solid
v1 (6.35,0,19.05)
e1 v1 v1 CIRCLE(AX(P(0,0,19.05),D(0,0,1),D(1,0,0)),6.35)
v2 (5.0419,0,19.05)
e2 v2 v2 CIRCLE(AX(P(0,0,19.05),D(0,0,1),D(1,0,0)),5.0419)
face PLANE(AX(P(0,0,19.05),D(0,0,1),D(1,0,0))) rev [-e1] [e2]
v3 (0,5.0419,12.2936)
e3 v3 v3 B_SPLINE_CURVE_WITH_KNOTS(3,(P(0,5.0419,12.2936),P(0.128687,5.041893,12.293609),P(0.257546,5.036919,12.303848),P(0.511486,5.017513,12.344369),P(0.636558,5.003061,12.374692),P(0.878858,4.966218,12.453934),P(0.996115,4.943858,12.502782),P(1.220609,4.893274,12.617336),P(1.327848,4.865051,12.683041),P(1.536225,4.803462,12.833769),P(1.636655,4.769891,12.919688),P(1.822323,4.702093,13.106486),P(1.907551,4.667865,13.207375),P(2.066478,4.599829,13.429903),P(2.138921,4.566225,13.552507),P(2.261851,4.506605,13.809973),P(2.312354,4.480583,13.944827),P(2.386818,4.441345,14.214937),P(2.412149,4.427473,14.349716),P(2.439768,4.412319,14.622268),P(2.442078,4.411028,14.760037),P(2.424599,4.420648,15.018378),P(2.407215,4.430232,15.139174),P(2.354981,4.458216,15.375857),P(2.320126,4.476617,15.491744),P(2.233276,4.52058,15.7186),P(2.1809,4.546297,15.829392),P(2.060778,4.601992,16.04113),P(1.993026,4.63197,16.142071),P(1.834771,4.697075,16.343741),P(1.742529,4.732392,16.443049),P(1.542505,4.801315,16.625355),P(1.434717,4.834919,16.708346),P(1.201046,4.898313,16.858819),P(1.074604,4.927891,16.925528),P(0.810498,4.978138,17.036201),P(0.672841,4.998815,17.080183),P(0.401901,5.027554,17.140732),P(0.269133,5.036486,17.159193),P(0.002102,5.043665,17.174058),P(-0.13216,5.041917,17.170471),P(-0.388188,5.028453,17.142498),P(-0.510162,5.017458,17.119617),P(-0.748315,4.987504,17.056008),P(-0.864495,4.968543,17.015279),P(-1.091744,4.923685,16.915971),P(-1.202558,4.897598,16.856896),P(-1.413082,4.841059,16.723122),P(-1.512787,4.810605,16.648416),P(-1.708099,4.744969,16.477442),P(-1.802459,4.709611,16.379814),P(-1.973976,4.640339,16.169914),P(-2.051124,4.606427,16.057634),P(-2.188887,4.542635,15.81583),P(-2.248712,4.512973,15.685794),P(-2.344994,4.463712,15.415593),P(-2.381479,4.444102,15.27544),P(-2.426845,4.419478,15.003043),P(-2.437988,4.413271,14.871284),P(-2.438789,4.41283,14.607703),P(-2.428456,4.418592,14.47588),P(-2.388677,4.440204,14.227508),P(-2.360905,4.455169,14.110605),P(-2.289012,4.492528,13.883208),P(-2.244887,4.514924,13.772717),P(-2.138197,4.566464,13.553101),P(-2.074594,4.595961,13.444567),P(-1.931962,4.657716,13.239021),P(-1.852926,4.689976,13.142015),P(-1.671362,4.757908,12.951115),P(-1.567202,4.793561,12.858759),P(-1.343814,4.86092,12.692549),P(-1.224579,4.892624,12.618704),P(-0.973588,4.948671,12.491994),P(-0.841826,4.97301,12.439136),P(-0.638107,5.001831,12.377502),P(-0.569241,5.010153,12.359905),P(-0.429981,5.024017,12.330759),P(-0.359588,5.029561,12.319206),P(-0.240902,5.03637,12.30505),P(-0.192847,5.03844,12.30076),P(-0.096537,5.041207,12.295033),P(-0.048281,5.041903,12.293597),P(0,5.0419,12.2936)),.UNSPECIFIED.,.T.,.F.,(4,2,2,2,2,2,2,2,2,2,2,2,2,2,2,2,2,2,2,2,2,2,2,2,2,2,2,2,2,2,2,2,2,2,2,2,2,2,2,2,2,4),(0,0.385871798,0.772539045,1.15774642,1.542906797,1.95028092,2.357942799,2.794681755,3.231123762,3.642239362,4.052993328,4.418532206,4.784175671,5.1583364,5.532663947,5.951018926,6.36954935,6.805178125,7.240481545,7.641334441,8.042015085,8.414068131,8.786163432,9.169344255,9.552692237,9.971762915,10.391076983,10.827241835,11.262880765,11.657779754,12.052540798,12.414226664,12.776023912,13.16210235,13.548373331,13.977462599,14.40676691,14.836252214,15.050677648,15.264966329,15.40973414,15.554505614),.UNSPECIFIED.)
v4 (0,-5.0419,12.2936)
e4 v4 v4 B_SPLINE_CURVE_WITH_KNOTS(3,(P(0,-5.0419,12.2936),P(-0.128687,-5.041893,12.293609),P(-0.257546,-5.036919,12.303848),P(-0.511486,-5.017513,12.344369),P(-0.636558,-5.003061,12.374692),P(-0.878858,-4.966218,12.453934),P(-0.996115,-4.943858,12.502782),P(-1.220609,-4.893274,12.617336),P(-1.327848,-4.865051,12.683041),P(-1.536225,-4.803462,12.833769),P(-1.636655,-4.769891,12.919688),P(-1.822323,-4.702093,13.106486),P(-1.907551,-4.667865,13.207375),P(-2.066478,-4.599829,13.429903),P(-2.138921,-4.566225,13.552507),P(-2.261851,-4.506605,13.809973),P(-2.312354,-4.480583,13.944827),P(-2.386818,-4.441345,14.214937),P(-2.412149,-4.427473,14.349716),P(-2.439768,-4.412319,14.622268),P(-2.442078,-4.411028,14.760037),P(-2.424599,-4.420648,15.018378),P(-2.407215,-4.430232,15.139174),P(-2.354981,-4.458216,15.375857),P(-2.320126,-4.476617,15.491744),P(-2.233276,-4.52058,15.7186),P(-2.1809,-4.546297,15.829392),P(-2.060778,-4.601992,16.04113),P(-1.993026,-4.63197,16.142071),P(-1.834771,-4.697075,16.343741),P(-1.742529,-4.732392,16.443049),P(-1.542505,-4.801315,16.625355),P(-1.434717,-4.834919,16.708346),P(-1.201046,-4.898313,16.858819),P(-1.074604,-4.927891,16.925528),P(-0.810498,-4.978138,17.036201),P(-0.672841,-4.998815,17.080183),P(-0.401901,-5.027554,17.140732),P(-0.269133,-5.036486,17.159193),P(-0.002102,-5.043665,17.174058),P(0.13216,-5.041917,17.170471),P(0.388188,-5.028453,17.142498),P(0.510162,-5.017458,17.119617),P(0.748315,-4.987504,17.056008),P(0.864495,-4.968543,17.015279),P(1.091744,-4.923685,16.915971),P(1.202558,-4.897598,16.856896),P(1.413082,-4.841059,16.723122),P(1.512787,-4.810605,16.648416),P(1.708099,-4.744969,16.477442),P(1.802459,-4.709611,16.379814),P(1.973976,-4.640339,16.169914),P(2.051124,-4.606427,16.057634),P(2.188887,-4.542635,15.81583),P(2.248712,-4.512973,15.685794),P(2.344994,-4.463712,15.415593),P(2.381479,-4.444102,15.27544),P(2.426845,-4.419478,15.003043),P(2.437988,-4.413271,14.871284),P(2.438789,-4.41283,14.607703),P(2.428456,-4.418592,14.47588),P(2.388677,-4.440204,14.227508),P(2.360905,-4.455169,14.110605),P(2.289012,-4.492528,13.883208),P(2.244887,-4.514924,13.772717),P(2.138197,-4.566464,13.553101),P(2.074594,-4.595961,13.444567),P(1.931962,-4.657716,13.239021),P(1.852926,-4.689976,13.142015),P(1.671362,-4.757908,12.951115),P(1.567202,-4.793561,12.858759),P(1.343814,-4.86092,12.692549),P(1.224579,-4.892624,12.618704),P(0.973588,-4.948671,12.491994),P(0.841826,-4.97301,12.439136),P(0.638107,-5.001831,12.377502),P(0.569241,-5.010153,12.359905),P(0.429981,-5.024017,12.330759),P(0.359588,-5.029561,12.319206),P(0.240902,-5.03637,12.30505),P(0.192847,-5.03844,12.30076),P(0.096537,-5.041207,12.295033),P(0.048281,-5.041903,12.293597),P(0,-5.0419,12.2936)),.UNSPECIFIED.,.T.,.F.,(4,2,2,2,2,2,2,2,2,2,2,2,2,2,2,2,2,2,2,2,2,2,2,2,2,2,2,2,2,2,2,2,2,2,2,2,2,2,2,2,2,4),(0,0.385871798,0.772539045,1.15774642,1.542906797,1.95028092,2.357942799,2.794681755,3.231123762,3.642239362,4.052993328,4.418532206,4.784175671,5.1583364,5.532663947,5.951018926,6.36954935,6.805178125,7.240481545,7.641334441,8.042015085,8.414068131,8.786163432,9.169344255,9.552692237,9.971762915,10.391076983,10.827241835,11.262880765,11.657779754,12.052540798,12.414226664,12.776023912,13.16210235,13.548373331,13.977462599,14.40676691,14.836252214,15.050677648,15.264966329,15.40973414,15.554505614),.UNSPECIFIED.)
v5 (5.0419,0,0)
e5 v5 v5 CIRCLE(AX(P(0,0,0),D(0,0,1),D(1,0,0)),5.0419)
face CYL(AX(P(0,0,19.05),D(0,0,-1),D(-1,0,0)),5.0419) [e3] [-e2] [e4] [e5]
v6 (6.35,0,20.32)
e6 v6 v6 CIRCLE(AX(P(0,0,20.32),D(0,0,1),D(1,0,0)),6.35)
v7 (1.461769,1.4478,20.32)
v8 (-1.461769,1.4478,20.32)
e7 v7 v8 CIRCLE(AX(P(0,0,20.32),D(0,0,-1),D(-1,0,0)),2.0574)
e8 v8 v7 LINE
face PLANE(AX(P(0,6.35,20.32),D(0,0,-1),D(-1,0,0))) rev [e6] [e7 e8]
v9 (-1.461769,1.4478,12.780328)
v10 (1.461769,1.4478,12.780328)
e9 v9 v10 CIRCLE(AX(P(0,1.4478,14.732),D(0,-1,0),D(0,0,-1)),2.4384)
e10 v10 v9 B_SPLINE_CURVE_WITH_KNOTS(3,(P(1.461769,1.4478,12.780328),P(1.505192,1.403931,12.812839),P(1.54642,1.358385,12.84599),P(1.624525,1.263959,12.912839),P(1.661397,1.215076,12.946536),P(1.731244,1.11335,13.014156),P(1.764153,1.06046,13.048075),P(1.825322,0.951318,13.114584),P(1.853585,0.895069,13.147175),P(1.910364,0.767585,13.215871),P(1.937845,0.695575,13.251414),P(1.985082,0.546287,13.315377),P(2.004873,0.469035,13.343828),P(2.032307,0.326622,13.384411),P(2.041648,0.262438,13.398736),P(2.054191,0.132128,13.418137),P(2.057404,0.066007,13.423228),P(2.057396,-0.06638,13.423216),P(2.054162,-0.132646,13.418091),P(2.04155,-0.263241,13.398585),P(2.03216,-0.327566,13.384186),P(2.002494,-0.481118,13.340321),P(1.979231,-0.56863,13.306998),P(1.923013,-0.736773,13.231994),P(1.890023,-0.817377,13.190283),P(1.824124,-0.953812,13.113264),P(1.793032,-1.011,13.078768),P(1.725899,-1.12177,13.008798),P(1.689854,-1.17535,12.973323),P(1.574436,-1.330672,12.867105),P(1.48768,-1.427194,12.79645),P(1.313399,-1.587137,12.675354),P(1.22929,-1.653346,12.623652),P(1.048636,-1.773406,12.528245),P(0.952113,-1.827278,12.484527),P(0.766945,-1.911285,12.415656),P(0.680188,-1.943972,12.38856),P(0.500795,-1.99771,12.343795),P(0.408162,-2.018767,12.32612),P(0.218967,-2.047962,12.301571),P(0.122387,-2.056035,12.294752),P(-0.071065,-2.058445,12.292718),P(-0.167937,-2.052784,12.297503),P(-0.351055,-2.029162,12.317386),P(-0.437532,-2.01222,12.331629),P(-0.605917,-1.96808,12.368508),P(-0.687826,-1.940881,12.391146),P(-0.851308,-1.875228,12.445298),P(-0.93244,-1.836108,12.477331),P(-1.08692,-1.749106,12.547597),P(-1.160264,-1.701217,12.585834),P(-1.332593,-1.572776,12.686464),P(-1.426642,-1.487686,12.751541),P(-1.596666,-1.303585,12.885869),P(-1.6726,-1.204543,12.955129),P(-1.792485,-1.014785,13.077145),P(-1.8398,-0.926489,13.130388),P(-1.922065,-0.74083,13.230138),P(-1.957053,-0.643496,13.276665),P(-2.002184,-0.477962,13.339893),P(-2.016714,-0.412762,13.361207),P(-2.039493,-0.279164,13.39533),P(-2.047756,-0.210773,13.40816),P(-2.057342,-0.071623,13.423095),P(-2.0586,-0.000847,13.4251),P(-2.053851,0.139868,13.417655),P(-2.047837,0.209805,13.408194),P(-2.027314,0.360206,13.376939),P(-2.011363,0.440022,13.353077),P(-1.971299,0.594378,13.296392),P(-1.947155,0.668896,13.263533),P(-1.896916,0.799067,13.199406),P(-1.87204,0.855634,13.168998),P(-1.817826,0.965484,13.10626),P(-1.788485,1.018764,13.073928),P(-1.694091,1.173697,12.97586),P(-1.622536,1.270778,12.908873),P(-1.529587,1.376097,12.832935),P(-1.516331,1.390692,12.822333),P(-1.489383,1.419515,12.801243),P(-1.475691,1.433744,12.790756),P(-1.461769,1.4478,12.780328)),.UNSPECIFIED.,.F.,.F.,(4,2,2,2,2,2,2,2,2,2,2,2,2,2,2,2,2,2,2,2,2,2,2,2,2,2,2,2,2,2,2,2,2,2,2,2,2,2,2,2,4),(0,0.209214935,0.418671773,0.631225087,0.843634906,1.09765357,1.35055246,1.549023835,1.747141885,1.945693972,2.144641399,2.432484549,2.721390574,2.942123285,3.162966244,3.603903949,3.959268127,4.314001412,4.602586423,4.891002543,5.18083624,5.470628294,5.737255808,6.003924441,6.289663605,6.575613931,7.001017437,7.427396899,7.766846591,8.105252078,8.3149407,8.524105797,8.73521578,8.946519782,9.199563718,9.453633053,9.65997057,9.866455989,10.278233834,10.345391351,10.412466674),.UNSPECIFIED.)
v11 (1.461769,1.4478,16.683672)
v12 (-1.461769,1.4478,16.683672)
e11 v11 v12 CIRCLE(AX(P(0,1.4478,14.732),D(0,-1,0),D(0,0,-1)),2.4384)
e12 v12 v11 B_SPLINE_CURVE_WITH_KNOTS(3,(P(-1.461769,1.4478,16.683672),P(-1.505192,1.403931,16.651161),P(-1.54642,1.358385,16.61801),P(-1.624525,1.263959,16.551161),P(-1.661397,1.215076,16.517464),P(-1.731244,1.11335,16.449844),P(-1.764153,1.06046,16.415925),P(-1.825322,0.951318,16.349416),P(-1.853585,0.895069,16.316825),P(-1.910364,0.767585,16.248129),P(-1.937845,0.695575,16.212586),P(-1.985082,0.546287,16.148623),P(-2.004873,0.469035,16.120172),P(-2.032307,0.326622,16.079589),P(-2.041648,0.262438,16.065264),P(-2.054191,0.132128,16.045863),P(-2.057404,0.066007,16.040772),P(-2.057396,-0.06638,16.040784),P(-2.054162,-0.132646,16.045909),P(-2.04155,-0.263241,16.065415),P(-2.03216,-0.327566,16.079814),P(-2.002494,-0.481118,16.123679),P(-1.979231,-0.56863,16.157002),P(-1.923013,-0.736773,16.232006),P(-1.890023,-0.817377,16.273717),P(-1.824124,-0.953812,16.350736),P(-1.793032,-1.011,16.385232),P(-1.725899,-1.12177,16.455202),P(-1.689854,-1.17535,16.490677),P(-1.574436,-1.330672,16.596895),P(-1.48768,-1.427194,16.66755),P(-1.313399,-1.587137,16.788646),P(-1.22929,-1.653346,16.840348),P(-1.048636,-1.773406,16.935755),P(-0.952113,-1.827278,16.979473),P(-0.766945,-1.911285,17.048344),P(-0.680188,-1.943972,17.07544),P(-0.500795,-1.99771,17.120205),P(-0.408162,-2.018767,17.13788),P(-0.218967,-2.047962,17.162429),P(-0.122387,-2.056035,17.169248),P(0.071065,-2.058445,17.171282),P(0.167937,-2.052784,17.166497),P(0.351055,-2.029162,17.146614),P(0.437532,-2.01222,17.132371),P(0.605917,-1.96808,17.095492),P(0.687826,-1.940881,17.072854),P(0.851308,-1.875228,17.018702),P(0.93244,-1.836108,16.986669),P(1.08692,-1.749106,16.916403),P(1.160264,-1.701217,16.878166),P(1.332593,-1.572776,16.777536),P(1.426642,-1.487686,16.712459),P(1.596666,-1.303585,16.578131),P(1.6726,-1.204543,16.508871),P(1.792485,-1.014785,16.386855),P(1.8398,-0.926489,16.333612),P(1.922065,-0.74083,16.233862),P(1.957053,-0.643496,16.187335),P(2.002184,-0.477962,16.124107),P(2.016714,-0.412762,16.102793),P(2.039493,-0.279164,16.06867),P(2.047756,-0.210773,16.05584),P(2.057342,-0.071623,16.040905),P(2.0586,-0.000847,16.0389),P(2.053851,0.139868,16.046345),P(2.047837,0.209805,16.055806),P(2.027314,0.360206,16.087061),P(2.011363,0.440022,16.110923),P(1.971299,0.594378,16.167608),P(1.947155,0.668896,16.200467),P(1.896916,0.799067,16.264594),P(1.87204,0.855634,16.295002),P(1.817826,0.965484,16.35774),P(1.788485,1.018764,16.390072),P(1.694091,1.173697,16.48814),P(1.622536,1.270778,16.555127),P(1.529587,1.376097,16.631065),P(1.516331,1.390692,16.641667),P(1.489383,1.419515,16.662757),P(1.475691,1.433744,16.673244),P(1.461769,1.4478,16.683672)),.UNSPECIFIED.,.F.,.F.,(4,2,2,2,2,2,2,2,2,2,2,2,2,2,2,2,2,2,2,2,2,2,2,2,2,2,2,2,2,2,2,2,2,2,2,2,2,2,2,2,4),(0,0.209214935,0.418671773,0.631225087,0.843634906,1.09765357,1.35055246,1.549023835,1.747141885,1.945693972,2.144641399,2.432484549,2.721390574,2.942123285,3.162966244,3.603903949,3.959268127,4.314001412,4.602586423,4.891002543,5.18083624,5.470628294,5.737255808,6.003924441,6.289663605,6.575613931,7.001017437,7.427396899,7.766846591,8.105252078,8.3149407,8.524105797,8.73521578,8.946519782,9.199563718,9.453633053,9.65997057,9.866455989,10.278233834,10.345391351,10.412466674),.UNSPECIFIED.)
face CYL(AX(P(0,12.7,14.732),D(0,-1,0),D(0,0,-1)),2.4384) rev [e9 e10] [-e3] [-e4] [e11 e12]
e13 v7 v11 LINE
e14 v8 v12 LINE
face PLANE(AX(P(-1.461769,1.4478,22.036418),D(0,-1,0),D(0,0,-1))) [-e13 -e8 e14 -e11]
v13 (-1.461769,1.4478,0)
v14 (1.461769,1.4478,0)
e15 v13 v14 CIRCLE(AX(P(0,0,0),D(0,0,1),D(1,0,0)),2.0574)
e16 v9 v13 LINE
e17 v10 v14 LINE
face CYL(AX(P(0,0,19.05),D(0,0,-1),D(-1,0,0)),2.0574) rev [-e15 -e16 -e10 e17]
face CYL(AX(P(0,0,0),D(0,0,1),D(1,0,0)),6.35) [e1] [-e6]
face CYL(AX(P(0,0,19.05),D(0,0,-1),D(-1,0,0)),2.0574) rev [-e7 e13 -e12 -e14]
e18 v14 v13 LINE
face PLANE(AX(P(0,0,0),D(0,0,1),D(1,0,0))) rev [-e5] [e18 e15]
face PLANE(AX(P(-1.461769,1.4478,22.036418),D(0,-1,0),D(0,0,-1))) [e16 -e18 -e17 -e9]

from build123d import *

# Parameters (mm, degrees)
SKETCH2_R           = 5.0419
SKETCH2_R_2         = 2.0574
BOSS_EXTRUDE1_DEPTH = 19.05
BOSS_EXTRUDE2_DEPTH = 19.05
SKETCH3_R           = 2.4384
CUT_EXTRUDE1_DEPTH  = 12.7
SKETCH4_W           = 1.27
SKETCH4_H           = 6.35
CUT_EXTRUDE2_DEPTH  = 22.060567509


with BuildPart() as part:
    # Sketch2 → Boss-Extrude1 (new body)
    with BuildSketch(Plane.XY):
        with Locations(Location((0, 0, 0), (0, 0, 180))):
            Circle(SKETCH2_R)
        with Locations(Location((0, 0, 0), (0, 0, 180))):
            Circle(SKETCH2_R_2, mode=Mode.SUBTRACT)
    extrude(amount=BOSS_EXTRUDE1_DEPTH)

    # Sketch6 → Boss-Extrude2 (add)
    with BuildSketch(Plane(origin=(0, 0, 0), x_dir=(-1, 0, 0), z_dir=(0, 0, -1))):
        with BuildLine():
            Line((1.461769448, 1.4478), (-1.461769448, 1.4478))
            ThreePointArc((-1.461769448, 1.4478), (0, 2.0574), (1.461769448, 1.4478))
        make_face()
    extrude(amount=-BOSS_EXTRUDE2_DEPTH)

    # Sketch3 → Cut-Extrude1 (cut, symmetric)
    with BuildSketch(Plane.XZ):
        with Locations(Location((0, 14.732, 0), (0, 0, 270))):
            Circle(SKETCH3_R)
    extrude(amount=CUT_EXTRUDE1_DEPTH, both=True, mode=Mode.SUBTRACT)

    # Sketch4 → Revolve1 (revolve)
    with BuildSketch(Plane(origin=(0, 0, 0), x_dir=(0, 0, -1), z_dir=(1, 0, 0)), mode=Mode.PRIVATE) as revolve1_sk:
        with Locations((-19.685, 3.175)):
            Rectangle(SKETCH4_W, SKETCH4_H)
    revolve(revolve1_sk.sketch.rotate(Axis((0, 0, 0), (0, 0, -1)), 90), axis=Axis((0, 0, 0), (0, 0, -1)))

    # Sketch5 → Cut-Extrude2 (cut, through all)
    with BuildSketch(Plane(origin=(0, 0, 19.05), x_dir=(-1, 0, 0), z_dir=(0, 0, -1))):
        with BuildLine():
            Line((1.461769448, 1.4478), (-1.461769448, 1.4478))
            ThreePointArc((-1.461769448, 1.4478), (0, -2.0574), (1.461769448, 1.4478))
        make_face()
    extrude(amount=-CUT_EXTRUDE2_DEPTH, mode=Mode.SUBTRACT)


solid = part.part
